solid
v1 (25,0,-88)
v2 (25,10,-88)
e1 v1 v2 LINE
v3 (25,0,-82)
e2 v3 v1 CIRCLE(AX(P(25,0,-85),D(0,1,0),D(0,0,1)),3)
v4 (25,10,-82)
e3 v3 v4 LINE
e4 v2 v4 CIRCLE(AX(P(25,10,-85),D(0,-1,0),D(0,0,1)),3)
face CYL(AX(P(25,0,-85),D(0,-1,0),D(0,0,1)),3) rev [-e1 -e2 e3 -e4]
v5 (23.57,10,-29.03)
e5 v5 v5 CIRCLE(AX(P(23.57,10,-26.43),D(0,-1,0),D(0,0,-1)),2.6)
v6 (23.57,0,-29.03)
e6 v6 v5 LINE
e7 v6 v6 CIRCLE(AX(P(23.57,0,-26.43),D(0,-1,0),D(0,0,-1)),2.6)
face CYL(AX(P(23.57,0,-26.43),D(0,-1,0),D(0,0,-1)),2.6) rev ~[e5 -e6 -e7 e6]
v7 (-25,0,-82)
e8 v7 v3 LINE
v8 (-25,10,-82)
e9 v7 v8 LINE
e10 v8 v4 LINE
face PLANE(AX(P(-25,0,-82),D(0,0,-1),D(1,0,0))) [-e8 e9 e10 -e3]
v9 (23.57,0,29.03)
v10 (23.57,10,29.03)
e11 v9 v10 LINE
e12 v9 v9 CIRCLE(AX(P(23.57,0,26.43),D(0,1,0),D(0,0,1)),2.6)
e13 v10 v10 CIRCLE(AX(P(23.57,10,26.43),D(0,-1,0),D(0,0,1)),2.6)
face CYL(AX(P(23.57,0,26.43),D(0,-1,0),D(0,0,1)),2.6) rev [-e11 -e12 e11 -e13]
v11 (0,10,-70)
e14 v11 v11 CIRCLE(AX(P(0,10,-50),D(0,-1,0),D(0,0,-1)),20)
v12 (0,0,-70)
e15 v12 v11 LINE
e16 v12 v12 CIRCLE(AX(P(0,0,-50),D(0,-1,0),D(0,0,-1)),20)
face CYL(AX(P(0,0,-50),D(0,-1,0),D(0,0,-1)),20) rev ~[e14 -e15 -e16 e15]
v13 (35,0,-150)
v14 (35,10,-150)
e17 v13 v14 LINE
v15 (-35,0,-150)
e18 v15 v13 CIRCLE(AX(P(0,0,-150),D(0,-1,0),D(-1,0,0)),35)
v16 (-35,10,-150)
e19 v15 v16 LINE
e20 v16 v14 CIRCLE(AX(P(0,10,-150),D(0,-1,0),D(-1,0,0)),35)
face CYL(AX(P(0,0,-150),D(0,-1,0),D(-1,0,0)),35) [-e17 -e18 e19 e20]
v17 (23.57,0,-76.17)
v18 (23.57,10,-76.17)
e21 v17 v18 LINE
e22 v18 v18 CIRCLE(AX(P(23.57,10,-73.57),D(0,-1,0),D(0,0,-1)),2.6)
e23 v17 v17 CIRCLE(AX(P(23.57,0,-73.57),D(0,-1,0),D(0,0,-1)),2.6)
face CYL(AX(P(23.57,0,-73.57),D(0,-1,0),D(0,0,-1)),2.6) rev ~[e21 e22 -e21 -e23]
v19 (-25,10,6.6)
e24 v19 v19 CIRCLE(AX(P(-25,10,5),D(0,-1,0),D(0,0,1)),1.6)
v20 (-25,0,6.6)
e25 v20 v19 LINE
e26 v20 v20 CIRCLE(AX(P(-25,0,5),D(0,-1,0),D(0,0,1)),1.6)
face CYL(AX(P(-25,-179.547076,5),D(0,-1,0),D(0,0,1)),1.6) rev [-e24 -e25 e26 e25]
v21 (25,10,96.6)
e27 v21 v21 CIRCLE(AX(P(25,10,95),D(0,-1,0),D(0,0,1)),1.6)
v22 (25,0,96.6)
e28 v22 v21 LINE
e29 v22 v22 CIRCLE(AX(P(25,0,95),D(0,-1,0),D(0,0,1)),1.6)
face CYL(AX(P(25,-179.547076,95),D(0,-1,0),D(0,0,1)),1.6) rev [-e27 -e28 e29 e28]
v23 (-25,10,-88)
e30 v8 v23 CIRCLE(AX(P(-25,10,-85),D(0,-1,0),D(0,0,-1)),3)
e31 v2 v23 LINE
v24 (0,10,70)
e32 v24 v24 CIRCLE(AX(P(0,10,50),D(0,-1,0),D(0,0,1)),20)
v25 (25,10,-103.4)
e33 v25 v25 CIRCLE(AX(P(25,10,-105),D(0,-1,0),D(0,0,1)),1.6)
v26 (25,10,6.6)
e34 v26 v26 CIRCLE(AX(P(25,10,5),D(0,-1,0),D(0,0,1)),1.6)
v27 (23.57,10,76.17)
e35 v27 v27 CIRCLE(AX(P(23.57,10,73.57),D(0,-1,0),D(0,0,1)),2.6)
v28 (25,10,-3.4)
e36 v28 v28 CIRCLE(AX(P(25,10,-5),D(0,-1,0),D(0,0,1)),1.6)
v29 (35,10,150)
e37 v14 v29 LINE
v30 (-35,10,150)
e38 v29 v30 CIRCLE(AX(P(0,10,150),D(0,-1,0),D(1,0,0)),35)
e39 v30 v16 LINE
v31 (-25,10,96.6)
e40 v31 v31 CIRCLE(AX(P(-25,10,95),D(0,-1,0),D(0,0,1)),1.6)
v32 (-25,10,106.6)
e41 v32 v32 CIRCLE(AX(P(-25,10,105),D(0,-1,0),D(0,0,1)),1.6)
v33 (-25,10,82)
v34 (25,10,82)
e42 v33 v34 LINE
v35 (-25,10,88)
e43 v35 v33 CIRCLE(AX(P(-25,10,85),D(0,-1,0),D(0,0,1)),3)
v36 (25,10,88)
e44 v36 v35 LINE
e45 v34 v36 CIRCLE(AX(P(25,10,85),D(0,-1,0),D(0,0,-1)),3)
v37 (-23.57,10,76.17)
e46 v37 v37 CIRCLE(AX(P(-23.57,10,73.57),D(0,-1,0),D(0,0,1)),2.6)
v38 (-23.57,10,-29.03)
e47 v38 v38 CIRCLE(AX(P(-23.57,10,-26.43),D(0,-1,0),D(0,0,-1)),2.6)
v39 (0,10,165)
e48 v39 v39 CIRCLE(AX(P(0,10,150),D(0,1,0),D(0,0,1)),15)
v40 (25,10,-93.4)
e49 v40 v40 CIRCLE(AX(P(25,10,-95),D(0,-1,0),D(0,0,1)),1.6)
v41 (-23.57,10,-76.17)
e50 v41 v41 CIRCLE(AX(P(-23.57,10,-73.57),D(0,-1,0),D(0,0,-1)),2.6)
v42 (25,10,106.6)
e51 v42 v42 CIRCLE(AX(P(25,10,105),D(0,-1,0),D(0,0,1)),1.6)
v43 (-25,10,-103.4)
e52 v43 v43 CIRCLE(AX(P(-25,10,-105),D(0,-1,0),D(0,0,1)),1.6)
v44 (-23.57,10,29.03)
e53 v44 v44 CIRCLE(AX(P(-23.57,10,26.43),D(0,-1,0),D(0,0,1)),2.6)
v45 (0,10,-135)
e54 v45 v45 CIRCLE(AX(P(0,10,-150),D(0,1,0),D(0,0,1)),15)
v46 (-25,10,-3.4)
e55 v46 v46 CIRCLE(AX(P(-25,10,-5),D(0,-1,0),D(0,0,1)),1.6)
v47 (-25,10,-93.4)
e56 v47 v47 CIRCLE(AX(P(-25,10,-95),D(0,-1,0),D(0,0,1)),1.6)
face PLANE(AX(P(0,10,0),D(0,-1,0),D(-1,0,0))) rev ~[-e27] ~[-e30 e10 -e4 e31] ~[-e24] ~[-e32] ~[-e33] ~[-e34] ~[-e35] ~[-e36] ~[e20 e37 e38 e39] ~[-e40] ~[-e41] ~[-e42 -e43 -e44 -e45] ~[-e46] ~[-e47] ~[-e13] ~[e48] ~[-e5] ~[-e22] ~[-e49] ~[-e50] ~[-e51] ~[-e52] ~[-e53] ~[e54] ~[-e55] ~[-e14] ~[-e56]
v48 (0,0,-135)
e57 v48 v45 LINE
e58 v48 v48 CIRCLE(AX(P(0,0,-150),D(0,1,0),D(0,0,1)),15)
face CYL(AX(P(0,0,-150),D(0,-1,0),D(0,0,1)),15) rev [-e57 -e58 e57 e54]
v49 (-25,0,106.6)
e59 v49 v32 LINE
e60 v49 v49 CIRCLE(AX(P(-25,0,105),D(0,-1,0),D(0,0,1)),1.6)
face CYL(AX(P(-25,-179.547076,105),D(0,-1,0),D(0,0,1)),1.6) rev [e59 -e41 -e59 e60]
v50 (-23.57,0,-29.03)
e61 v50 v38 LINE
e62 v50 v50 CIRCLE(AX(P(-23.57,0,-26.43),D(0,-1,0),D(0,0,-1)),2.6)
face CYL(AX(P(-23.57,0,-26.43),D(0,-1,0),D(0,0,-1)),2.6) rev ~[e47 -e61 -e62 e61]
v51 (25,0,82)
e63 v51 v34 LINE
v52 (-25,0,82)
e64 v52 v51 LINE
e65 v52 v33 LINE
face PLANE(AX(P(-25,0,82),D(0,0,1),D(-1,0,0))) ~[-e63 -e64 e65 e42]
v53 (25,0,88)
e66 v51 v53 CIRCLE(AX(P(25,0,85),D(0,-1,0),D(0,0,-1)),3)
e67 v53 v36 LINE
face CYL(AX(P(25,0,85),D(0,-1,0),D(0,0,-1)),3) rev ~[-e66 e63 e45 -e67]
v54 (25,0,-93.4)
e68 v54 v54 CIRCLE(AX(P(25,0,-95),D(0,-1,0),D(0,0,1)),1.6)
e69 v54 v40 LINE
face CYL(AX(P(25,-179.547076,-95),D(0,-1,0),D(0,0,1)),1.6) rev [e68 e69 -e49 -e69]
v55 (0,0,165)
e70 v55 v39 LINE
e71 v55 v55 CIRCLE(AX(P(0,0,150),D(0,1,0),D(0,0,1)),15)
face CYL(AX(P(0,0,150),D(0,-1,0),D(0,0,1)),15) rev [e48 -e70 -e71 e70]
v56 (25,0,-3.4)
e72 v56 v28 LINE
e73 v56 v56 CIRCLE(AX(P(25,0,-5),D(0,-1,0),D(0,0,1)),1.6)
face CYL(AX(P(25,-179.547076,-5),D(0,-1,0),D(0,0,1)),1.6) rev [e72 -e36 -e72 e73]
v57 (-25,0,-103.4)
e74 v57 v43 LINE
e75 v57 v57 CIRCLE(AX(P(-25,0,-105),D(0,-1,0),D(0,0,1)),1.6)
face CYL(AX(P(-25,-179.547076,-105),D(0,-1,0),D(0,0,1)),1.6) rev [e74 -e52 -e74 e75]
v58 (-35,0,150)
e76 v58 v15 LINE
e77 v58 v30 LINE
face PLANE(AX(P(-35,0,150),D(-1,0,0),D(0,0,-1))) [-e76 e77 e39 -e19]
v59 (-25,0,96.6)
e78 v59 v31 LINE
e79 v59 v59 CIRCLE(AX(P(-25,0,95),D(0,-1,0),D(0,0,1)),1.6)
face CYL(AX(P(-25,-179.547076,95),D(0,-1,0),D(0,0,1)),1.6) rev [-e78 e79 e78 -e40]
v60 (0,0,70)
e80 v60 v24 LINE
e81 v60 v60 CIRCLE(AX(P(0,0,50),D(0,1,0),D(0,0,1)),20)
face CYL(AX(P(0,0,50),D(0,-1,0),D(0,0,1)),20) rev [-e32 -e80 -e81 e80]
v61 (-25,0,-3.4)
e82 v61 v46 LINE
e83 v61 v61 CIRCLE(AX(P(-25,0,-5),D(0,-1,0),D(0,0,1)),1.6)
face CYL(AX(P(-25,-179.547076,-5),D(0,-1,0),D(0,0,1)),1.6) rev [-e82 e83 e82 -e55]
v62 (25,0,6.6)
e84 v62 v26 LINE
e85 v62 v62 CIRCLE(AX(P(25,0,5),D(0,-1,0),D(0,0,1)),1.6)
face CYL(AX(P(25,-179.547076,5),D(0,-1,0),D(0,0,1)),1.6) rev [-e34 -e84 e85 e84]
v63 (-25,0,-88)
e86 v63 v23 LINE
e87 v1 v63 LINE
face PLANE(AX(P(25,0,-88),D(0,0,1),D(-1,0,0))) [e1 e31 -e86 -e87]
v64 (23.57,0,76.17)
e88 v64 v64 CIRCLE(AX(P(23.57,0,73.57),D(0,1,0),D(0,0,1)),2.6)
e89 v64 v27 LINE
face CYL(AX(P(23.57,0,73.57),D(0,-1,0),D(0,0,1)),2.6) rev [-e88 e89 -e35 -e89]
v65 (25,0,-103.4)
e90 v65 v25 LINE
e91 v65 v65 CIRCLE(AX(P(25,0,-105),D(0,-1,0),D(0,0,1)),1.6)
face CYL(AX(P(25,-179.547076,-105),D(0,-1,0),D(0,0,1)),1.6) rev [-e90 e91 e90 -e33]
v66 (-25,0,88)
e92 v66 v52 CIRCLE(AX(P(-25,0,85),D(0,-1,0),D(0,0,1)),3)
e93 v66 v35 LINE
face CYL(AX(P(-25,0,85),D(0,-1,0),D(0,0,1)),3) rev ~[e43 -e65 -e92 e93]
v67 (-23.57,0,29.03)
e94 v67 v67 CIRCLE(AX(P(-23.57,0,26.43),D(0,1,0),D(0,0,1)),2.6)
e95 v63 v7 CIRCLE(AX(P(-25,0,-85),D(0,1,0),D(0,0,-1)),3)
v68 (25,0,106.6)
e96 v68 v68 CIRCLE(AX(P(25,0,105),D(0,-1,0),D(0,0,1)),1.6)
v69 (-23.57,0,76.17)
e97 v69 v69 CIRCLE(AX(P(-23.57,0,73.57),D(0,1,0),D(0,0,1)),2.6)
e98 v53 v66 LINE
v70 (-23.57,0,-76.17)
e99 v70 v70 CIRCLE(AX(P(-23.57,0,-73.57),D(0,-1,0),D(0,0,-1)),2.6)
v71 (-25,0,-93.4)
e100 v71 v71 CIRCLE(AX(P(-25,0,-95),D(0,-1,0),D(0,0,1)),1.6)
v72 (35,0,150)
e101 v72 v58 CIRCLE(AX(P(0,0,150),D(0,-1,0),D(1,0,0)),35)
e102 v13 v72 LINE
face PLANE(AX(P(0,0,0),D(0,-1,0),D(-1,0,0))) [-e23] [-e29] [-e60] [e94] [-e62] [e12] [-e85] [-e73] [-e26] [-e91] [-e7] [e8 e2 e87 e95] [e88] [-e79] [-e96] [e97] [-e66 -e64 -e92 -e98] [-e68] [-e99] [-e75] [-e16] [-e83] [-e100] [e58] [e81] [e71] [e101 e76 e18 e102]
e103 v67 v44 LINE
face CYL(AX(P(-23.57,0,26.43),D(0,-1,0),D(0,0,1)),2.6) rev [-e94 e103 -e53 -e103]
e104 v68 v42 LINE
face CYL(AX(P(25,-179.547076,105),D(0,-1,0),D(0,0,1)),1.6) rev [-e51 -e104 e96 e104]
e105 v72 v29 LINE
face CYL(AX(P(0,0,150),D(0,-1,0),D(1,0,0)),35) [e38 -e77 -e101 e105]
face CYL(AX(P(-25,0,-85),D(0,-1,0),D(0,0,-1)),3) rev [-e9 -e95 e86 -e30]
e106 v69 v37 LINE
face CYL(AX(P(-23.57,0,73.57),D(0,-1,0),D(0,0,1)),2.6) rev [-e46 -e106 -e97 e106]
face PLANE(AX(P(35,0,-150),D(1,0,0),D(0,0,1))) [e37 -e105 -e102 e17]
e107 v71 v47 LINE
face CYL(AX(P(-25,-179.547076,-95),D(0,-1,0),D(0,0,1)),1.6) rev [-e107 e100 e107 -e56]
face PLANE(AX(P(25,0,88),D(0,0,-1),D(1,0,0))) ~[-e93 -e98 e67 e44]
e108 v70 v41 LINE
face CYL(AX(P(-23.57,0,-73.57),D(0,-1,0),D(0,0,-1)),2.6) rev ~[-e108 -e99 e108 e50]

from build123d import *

# Parameters (mm, degrees)
SKETCH1_R               = 15
BOSS_EXTRUDE1_DEPTH     = 10
CUT_EXTRUDE1_DEPTH      = 189.54707635
CUT_EXTRUDE1_DEPTH_BACK = 189.54707635
SKETCH2_R               = 1.6
SKETCH4_R               = 20
SKETCH4_R_2             = 2.6
CUT_EXTRUDE3_DEPTH      = 189.54707635


with BuildPart() as part:
    # Sketch1 → Boss-Extrude1 (new body)
    with BuildSketch(Plane(origin=(0, 0, 0), x_dir=(1, 0, 0), z_dir=(0, 1, 0))):
        with BuildLine():
            Line((35, 150), (35, -150))
            ThreePointArc((35, -150), (0, -185), (-35, -150))
            Line((-35, -150), (-35, 150))
            ThreePointArc((-35, 150), (0, 185), (35, 150))
        make_face()
        with Locations(Location((0, -150, 0), (0, 0, 270))):
            Circle(SKETCH1_R, mode=Mode.SUBTRACT)
        with Locations(Location((0, 150, 0), (0, 0, 270))):
            Circle(SKETCH1_R, mode=Mode.SUBTRACT)
    extrude(amount=BOSS_EXTRUDE1_DEPTH)

    # Sketch2 → Cut-Extrude1 (cut, two sides: drawn at the far end of the back side and taken through both)
    with BuildSketch(Plane(origin=(0, 10, 0), x_dir=(1, 0, 0), z_dir=(0, 1, 0)).offset(-CUT_EXTRUDE1_DEPTH_BACK)):
        with Locations(Location((-25, 5, 0), (0, 0, 270))):
            Circle(SKETCH2_R)
        with Locations(Location((-25, -5, 0), (0, 0, 270))):
            Circle(SKETCH2_R)
        with Locations(Location((25, -5, 0), (0, 0, 270))):
            Circle(SKETCH2_R)
        with Locations(Location((25, 5, 0), (0, 0, 270))):
            Circle(SKETCH2_R)
        with Locations(Location((25, 95, 0), (0, 0, 270))):
            Circle(SKETCH2_R)
        with Locations(Location((25, 105, 0), (0, 0, 270))):
            Circle(SKETCH2_R)
        with Locations(Location((-25, 105, 0), (0, 0, 270))):
            Circle(SKETCH2_R)
        with Locations(Location((-25, 95, 0), (0, 0, 270))):
            Circle(SKETCH2_R)
        with Locations(Location((-25, -95, 0), (0, 0, 270))):
            Circle(SKETCH2_R)
        with Locations(Location((-25, -105, 0), (0, 0, 270))):
            Circle(SKETCH2_R)
        with Locations(Location((25, -105, 0), (0, 0, 270))):
            Circle(SKETCH2_R)
        with Locations(Location((25, -95, 0), (0, 0, 270))):
            Circle(SKETCH2_R)
    extrude(amount=CUT_EXTRUDE1_DEPTH + CUT_EXTRUDE1_DEPTH_BACK, mode=Mode.SUBTRACT)

    # Sketch4 → Cut-Extrude3 (cut, through all)
    with BuildSketch(Plane.XZ):
        with Locations(Location((0, -50, 0), (0, 0, 270))):
            Circle(SKETCH4_R)
        with Locations(Location((-23.57, -26.43, 0), (0, 0, 270))):
            Circle(SKETCH4_R_2)
        with Locations(Location((23.57, -26.43, 0), (0, 0, 270))):
            Circle(SKETCH4_R_2)
        with Locations(Location((23.57, -73.57, 0), (0, 0, 270))):
            Circle(SKETCH4_R_2)
        with Locations(Location((-23.57, -73.57, 0), (0, 0, 270))):
            Circle(SKETCH4_R_2)
        with BuildLine():
            Line((-25, -82), (25, -82))
            ThreePointArc((25, -82), (28, -85), (25, -88))
            Line((25, -88), (-25, -88))
            ThreePointArc((-25, -88), (-28, -85), (-25, -82))
        make_face()
    cut_extrude3 = extrude(amount=-CUT_EXTRUDE3_DEPTH, mode=Mode.SUBTRACT)

    # Mirror1: Cut-Extrude3 across plane
    add(cut_extrude3.mirror(Plane.XY), mode=Mode.SUBTRACT)


solid = part.part
